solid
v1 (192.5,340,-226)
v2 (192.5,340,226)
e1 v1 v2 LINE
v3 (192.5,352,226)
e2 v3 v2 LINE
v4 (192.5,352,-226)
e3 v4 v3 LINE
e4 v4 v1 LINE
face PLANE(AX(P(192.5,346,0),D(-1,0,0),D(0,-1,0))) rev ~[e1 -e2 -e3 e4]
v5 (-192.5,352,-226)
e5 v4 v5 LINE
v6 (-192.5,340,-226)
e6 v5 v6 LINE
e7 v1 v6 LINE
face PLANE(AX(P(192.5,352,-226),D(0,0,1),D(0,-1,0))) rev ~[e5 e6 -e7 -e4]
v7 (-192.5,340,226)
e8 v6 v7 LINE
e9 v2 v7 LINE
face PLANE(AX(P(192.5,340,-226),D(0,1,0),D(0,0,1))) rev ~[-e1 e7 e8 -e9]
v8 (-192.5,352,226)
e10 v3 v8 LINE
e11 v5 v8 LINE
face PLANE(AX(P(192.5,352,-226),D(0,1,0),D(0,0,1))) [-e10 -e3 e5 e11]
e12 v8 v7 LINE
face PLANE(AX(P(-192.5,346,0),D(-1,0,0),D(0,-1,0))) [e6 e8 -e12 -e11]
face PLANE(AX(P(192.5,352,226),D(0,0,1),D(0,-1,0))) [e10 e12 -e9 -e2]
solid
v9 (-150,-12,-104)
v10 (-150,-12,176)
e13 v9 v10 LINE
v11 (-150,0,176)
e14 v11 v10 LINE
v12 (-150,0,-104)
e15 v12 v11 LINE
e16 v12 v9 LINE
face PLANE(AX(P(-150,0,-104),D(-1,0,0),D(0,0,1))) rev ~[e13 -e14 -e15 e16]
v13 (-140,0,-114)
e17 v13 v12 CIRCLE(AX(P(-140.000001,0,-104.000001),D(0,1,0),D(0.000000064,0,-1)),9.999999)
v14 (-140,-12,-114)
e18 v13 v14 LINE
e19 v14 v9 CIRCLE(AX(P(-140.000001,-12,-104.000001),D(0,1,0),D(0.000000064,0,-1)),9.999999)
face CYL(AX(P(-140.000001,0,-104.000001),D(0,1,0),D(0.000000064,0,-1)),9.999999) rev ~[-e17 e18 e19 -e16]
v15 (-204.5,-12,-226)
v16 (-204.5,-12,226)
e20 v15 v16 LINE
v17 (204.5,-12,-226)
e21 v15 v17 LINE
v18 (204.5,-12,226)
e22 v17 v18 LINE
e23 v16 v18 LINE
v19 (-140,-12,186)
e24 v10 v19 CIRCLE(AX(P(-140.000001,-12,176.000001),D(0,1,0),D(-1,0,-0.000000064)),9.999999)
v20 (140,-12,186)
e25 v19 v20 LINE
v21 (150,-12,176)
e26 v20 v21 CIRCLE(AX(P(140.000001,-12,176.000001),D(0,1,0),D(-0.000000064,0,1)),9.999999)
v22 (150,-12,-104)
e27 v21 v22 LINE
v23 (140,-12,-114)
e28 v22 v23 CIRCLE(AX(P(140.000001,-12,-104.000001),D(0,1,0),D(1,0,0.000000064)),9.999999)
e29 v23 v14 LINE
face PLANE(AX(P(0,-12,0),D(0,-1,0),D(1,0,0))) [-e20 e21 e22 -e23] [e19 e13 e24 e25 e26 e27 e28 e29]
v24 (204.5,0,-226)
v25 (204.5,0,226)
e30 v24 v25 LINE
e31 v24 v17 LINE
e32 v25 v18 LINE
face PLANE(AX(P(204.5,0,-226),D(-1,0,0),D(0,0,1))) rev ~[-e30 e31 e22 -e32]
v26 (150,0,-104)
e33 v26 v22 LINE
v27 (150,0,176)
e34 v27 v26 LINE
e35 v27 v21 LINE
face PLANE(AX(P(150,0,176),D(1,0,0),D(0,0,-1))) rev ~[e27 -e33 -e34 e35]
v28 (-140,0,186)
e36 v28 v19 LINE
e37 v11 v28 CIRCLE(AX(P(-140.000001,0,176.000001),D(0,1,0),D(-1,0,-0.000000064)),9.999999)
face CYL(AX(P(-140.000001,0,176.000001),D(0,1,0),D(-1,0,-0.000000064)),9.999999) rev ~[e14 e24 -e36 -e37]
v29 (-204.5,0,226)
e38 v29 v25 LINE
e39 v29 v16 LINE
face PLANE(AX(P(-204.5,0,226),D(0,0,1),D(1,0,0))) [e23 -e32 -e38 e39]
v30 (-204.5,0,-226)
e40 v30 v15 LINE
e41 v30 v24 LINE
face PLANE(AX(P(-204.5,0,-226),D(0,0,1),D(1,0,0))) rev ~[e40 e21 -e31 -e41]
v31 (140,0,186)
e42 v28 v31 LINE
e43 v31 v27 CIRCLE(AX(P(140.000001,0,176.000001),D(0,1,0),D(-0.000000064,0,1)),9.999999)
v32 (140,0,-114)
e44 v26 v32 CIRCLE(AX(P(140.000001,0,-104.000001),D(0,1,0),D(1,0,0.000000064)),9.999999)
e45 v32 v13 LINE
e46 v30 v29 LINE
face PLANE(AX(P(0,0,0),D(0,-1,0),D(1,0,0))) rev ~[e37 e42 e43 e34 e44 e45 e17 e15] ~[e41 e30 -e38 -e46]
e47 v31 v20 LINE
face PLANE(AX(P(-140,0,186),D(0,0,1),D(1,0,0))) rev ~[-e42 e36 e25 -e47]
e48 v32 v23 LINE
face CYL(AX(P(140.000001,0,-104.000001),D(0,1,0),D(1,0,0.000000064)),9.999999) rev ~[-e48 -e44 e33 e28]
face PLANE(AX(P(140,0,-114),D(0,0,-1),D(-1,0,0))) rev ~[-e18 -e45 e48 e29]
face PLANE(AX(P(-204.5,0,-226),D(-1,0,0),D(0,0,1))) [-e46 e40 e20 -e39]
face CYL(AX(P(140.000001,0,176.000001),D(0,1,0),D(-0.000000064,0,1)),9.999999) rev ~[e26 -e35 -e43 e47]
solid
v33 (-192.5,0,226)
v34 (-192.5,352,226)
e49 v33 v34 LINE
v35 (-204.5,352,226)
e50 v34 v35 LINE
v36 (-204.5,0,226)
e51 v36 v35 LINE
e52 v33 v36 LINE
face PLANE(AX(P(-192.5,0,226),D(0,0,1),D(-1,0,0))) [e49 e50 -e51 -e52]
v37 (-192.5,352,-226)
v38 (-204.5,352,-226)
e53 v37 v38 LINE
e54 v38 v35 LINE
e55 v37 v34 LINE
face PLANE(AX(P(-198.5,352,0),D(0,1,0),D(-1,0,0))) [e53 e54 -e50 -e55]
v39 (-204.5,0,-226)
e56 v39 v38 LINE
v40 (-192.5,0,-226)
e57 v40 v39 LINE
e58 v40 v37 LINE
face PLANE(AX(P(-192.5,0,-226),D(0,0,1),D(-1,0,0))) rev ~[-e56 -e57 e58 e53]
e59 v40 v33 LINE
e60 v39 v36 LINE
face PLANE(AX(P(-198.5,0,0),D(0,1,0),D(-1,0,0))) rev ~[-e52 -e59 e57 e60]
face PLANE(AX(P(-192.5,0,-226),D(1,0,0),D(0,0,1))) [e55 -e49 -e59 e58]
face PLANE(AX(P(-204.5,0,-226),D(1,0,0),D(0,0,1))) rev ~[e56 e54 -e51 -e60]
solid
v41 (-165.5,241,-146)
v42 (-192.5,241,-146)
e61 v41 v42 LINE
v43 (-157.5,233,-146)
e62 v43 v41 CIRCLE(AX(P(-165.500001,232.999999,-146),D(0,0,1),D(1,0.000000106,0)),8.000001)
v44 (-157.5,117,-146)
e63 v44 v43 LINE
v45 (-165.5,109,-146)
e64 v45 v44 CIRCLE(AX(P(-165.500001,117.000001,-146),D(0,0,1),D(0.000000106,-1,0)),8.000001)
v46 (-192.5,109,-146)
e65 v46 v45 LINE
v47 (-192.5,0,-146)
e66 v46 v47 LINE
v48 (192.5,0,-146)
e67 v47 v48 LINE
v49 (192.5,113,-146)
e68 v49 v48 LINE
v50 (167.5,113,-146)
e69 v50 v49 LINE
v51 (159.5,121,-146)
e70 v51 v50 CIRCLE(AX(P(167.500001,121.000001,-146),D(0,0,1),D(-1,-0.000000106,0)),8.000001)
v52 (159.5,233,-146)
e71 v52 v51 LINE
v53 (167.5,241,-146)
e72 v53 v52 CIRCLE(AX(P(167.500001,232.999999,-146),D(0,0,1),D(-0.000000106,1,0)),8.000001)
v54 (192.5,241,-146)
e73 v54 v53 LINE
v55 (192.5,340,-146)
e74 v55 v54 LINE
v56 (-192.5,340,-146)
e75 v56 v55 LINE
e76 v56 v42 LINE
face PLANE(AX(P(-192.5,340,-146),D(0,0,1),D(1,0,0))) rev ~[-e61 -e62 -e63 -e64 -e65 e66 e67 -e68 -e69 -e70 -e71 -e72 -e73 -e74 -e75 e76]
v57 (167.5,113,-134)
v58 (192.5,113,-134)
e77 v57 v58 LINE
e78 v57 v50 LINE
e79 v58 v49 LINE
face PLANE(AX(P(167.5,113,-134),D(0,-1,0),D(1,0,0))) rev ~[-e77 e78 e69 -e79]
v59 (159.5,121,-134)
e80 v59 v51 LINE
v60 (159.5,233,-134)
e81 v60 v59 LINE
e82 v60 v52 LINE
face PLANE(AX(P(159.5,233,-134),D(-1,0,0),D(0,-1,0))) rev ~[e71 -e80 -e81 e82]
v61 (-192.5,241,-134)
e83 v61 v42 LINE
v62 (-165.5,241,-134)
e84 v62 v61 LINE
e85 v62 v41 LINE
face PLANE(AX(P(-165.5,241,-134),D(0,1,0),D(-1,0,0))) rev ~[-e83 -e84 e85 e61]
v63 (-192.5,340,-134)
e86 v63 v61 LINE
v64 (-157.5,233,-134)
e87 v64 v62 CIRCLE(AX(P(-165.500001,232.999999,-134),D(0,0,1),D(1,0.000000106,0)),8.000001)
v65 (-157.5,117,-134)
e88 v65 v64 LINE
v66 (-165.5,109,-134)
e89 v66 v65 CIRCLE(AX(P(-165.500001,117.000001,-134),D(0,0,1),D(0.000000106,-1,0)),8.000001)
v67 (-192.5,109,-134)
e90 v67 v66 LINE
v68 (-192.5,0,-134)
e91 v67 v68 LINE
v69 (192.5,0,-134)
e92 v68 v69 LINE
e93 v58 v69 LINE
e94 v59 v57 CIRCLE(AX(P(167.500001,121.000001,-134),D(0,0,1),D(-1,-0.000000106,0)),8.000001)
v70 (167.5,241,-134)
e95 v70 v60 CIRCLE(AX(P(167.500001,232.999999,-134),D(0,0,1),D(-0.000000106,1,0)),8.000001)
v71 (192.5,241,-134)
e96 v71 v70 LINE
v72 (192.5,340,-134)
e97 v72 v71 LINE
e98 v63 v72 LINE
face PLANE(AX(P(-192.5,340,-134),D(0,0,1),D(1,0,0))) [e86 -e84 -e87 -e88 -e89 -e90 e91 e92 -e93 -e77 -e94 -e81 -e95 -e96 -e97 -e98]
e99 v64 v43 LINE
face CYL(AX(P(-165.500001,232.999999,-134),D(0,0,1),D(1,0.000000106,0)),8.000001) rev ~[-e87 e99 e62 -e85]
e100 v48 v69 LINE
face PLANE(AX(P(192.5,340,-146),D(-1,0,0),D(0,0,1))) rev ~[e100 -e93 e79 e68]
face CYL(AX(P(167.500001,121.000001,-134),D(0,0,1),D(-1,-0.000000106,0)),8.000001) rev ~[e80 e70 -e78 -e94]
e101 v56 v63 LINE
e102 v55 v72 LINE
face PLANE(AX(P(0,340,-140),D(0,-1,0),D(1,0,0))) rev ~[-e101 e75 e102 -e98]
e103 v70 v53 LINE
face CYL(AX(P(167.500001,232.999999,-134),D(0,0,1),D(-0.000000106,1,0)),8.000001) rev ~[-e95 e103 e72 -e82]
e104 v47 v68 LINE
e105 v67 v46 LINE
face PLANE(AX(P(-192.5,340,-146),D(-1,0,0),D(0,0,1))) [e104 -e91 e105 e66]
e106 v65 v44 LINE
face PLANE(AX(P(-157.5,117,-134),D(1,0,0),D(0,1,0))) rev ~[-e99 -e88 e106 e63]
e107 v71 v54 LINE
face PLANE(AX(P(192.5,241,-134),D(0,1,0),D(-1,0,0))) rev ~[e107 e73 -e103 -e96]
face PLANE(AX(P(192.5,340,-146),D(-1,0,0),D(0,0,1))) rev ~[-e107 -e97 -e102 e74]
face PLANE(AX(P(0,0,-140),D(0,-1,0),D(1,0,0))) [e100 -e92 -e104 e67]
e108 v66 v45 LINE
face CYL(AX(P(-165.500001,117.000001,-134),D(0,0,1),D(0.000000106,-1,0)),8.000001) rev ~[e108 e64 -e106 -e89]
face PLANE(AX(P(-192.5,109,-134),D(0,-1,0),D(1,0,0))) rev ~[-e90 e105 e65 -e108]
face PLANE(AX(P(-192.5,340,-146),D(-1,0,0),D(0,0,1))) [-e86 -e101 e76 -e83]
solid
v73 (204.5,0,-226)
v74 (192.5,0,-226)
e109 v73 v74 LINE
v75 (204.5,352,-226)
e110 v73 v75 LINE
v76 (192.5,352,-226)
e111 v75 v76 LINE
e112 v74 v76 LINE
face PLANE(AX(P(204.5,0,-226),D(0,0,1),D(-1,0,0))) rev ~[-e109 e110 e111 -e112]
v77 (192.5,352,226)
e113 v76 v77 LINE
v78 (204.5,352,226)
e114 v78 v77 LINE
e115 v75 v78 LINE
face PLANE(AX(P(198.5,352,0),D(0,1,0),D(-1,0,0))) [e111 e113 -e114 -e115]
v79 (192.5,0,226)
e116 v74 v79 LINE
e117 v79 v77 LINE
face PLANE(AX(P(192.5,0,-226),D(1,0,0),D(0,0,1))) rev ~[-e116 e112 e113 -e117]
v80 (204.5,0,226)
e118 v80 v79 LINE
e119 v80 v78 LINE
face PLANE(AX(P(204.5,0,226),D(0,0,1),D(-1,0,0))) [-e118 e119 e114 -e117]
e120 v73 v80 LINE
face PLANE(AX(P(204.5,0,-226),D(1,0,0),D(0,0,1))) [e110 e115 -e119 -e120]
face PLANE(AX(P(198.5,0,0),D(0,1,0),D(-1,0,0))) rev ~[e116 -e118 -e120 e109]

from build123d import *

# Parameters (mm, degrees)
F0_W     = 409
F0_H     = 452
F1_DEPTH = 12
F2_W     = 12
F2_H     = 452
F3_DEPTH = 352
F4_W     = 12
F4_H     = 452
F5_DEPTH = 385
F6_W     = 385
F6_H     = 12
F7_DEPTH = 340
F9_DEPTH = 92.001


with BuildPart() as f1:
    # F0 (on Front) → F1 (new body)
    with BuildSketch(Plane.XZ):
        Rectangle(F0_W, F0_H)
        with BuildLine():
            ThreePointArc((150, -104), (147.071068, -111.071068), (140, -114))
            Line((140, -114), (-140, -114))
            ThreePointArc((-140, -114), (-147.071068, -111.071068), (-150, -104))
            Line((-150, -104), (-150, 176))
            ThreePointArc((-150, 176), (-147.071068, 183.071068), (-140, 186))
            Line((-140, 186), (140, 186))
            ThreePointArc((140, 186), (147.071068, 183.071068), (150, 176))
            Line((150, 176), (150, -104))
        make_face(mode=Mode.SUBTRACT)
    extrude(amount=F1_DEPTH)


with BuildPart() as f3:
    # F2 (on face) → F3 (new body)
    with BuildSketch(Plane(origin=(0, 0, 0), x_dir=(-1, 0, 0), z_dir=(0, 1, 0))):
        with Locations((-198.5, 0)):
            Rectangle(F2_W, F2_H)
        with Locations((198.5, 0)):
            Rectangle(F2_W, F2_H)
    extrude(amount=F3_DEPTH)


with BuildPart() as f5:
    # F4 (on face) → F5 (new body, through all)
    with BuildSketch(Plane(origin=(192.5, 0, 0), x_dir=(0, -1, 0), z_dir=(-1, 0, 0))):
        with Locations((-346, 0)):
            Rectangle(F4_W, F4_H)
    extrude(amount=F5_DEPTH)


with BuildPart() as f7:
    # F6 (on face) → F7 (new body, through all)
    with BuildSketch(Plane.XZ.offset(-340)):
        with Locations((0, -140)):
            Rectangle(F6_W, F6_H)
    extrude(amount=F7_DEPTH)

    # F8 (on face) → F9 (cut, through all)
    with BuildSketch(Plane.XY.offset(-134)):
        with BuildLine():
            Line((-165.5, 241), (-192.5, 241))
            Line((-192.5, 241), (-192.5, 109))
            Line((-192.5, 109), (-165.5, 109))
            ThreePointArc((-165.5, 109), (-159.843146, 111.343146), (-157.5, 117))
            Line((-157.5, 117), (-157.5, 233))
            ThreePointArc((-157.5, 233), (-159.843146, 238.656854), (-165.5, 241))
        make_face()
        with BuildLine():
            Line((192.5, 113), (192.5, 241))
            Line((192.5, 241), (167.5, 241))
            ThreePointArc((167.5, 241), (161.843146, 238.656854), (159.5, 233))
            Line((159.5, 233), (159.5, 121))
            ThreePointArc((159.5, 121), (161.843146, 115.343146), (167.5, 113))
            Line((167.5, 113), (192.5, 113))
        make_face()
    extrude(amount=-F9_DEPTH, mode=Mode.SUBTRACT)


solid = Compound([f1.part, f3.part, f5.part, f7.part])
